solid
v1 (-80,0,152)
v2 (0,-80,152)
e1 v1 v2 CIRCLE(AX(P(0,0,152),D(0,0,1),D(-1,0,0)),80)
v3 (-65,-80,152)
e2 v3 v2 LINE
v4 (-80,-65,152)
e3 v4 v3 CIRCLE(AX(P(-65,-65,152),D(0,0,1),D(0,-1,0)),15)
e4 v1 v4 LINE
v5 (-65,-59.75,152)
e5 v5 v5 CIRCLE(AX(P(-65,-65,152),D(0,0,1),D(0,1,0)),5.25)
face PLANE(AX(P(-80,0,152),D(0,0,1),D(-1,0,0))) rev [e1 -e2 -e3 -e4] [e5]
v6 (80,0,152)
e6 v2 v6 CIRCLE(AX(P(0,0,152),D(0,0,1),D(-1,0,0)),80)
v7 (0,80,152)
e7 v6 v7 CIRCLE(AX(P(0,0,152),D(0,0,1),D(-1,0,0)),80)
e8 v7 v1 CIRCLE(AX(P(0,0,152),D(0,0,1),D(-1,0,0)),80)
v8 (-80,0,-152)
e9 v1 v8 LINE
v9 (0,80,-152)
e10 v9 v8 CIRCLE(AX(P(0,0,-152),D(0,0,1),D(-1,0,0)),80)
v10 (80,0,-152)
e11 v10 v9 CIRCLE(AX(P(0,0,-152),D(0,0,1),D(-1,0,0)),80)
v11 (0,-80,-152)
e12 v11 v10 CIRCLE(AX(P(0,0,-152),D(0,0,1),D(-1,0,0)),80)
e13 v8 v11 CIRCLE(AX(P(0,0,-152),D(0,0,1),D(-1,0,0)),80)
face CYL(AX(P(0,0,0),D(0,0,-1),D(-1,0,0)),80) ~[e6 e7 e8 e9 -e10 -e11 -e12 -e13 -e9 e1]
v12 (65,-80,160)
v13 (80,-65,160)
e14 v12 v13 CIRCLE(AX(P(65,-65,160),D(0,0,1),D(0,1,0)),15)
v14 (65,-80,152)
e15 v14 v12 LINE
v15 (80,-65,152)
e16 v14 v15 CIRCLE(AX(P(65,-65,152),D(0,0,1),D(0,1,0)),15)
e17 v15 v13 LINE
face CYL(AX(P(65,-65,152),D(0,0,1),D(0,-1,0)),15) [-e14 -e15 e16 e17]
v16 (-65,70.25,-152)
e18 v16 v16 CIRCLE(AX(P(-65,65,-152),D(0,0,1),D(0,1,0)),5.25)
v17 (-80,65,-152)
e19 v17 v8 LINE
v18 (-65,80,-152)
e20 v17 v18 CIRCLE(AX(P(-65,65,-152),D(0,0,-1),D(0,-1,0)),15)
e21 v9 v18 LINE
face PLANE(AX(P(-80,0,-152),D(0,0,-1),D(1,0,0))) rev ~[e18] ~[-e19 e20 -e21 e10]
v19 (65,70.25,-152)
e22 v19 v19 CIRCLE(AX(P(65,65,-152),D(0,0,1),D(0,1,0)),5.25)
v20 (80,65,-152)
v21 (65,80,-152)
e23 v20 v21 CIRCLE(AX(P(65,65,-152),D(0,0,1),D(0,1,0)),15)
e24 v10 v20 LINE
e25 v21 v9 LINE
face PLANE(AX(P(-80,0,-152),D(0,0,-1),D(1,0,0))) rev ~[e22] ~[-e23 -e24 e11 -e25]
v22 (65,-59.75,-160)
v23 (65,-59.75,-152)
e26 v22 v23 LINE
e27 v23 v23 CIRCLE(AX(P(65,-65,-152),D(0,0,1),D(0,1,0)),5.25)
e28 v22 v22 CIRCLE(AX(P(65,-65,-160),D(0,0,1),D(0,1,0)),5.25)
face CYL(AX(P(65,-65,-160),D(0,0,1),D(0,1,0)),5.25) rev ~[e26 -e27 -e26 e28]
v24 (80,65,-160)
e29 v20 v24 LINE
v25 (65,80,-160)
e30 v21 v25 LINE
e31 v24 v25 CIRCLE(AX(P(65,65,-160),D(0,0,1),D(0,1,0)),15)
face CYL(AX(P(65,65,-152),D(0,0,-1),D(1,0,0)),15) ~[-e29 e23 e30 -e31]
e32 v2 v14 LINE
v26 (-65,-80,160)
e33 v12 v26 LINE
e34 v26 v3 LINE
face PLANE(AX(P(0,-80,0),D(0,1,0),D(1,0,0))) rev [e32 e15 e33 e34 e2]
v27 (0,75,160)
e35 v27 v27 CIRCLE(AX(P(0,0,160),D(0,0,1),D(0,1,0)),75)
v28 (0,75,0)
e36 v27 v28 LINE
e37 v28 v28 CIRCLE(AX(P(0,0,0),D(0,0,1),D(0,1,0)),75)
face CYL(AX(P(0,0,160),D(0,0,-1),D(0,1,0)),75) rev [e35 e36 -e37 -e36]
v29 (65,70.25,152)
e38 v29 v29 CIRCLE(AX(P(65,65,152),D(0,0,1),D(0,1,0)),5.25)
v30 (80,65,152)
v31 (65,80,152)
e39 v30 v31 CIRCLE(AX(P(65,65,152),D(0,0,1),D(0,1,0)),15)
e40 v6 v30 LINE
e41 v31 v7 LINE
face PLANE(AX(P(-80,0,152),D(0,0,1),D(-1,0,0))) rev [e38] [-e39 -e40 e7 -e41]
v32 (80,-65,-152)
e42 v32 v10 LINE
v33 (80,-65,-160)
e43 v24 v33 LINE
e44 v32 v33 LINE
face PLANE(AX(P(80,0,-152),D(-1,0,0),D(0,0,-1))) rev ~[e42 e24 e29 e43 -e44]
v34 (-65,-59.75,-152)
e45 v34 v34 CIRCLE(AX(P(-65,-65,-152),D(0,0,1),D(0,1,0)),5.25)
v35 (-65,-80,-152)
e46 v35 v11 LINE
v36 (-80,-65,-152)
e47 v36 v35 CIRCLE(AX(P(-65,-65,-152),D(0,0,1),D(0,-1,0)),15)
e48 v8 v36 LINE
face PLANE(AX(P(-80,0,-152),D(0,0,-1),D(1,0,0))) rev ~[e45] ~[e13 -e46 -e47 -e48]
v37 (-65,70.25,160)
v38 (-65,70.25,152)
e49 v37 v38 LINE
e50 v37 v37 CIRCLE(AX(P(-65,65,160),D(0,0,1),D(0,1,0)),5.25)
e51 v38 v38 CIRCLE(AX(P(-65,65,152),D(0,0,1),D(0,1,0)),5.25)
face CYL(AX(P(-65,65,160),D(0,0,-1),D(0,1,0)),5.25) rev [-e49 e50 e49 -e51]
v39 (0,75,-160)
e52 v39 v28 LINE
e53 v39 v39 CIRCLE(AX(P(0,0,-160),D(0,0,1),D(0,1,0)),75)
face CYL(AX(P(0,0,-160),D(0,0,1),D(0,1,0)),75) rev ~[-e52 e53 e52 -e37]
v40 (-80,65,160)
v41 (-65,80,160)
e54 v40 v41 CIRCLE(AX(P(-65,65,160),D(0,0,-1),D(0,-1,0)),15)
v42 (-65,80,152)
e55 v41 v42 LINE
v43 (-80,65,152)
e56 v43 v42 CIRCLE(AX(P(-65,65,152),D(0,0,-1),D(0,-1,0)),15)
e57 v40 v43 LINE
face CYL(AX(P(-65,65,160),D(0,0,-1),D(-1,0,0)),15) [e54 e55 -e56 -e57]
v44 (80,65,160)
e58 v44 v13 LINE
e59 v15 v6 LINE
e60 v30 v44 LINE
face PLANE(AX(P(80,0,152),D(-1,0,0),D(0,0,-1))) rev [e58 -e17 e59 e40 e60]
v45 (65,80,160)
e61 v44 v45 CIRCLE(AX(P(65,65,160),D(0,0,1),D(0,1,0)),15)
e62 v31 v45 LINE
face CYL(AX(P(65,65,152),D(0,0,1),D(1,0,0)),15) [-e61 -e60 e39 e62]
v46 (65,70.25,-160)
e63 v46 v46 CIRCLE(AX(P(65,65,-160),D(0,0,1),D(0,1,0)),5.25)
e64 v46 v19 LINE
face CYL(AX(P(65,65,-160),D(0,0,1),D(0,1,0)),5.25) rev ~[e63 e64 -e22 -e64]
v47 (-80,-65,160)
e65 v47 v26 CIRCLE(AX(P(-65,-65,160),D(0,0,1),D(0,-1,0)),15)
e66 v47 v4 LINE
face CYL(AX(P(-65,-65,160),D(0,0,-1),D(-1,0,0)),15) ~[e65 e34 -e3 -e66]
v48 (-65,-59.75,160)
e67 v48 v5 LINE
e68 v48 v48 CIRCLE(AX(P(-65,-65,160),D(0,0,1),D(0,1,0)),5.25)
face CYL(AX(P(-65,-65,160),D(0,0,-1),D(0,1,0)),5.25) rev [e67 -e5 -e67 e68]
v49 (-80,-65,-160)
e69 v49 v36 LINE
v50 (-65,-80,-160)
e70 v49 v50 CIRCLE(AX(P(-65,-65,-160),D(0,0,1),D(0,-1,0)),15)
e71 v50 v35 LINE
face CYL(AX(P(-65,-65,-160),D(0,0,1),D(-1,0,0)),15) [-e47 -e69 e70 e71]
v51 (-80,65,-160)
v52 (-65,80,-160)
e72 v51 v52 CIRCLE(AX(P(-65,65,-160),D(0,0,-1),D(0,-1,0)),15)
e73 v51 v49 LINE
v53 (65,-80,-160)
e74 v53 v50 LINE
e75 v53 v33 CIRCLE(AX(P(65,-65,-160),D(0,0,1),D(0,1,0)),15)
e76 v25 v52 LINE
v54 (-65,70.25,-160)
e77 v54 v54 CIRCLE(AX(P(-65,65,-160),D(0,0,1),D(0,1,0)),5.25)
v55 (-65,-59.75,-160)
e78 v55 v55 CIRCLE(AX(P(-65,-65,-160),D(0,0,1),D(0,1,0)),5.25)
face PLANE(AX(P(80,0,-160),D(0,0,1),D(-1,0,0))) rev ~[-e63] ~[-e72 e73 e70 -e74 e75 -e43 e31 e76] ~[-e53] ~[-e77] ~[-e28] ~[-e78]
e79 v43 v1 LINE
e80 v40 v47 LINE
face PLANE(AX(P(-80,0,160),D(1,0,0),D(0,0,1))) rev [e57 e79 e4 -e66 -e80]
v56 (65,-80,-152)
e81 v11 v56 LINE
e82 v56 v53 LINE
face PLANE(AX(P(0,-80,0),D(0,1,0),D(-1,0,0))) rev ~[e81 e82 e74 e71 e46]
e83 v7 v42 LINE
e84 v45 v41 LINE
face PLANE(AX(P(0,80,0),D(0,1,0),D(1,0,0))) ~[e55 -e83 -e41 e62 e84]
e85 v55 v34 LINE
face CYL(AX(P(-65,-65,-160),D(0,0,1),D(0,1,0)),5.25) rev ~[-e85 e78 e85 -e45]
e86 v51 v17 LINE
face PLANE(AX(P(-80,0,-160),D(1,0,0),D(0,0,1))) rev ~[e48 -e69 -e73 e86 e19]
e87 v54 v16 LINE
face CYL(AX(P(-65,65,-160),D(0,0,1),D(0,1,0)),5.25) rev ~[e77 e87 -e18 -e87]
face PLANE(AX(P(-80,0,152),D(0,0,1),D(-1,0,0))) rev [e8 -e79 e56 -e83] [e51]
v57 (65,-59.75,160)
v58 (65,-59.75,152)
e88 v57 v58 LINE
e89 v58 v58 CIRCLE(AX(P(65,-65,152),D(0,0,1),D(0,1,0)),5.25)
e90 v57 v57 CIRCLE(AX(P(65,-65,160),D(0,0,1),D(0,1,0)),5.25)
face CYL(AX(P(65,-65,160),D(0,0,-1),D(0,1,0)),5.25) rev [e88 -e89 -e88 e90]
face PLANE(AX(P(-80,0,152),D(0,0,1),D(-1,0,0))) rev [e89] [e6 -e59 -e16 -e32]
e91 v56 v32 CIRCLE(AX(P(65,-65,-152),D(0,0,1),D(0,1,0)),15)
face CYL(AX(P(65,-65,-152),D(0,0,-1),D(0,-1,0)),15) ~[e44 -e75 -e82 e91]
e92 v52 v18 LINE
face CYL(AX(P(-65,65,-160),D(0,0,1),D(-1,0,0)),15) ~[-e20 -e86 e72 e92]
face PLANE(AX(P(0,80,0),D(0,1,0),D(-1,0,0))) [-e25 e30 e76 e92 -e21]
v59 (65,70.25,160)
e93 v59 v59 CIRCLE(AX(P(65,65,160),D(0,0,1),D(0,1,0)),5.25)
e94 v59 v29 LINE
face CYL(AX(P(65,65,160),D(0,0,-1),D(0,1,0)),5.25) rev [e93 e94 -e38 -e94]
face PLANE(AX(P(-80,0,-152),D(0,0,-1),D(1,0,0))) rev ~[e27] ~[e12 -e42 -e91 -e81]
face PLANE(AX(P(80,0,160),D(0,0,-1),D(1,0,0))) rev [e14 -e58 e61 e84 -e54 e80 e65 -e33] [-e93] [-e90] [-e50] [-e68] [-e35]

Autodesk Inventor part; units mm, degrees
ref_plane "YZ Plane" through (0, 0, 0) normal (1, 0, 0) x (0, 1, 0)
ref_plane "XZ Plane" through (0, 0, 0) normal (0, 1, 0) x (-1, 0, 0)
ref_plane "XY Plane" through (0, 0, 0) normal (0, 0, 1) x (1, 0, 0)
sketch "Skizze1" plane through (0, 0, 0) normal (0, 1, 0) x (-1, 0, 0)
  line L0 (0, 0) -> (80, 0)
  line L1 (80, 0) -> (80, -152)
  line L2 (80, -152) -> (0, -152)
  line L3 (0, -152) -> (0, 0)
  line L4 (80, -152) -> (-80, -152)
  line L5 (-80, -152) -> (-80, -160)
  line L6 (-80, -160) -> (80, -160)
  line L7 (80, -160) -> (80, -152)
  dimension "d0" = 160
  dimension "d1" = 160
  dimension "d2" = 8
revolve "Umdrehung1" add sketch "Skizze1" angle 360 about axis through (0, 0, -152) along (0, 0, 1) contours L0 L1 L2 L3
extrude "Extrusion1" add sketch "Skizze1" along normal mid plane 160 contours L2 L7 L6 L5 L4
fillet "Rundung1" radius 15 4 edges at (80, 80, -156) (-80, 80, -156) (80, -80, -156) (-80, -80, -156)
sketch "Skizze2" plane through (65, 80, -160) normal (0, 0, -1) x (-1, 0, 0)
  circle A0 centre (65, -80) radius 80 projected
hole "Bohrung1" at (0, 0, -160) direction (0, 0, 1) diameter 150 end through all
sketch "Skizze3" plane through (65, 80, -160) normal (0, 0, -1) x (-1, 0, 0)
  line L0 (130, -145) -> (0, -145)
  line L1 (0, -145) -> (0, -15)
  line L2 (0, -15) -> (130, -15)
  line L3 (130, -15) -> (130, -145)
  line L4 (130, -145) -> (0, -15) construction
  line L5 (0, -145) -> (130, -15) construction
  point P0 (65, -80)
  dimension "d14" = 130
  dimension "d15" = 130
hole "Bohrung2" at (-65, 65, -160) at (65, 65, -160) at (65, -65, -160) at (-65, -65, -160) direction (0, 0, 1) diameter 10.5 end through all
mirror "Spiegeln1" about plane through (-80, 0, 0) normal (0, 0, 1)
equation "\"d4\" = d0"
properties part number "Gehäuse" material "Stahl AISI 1080"
